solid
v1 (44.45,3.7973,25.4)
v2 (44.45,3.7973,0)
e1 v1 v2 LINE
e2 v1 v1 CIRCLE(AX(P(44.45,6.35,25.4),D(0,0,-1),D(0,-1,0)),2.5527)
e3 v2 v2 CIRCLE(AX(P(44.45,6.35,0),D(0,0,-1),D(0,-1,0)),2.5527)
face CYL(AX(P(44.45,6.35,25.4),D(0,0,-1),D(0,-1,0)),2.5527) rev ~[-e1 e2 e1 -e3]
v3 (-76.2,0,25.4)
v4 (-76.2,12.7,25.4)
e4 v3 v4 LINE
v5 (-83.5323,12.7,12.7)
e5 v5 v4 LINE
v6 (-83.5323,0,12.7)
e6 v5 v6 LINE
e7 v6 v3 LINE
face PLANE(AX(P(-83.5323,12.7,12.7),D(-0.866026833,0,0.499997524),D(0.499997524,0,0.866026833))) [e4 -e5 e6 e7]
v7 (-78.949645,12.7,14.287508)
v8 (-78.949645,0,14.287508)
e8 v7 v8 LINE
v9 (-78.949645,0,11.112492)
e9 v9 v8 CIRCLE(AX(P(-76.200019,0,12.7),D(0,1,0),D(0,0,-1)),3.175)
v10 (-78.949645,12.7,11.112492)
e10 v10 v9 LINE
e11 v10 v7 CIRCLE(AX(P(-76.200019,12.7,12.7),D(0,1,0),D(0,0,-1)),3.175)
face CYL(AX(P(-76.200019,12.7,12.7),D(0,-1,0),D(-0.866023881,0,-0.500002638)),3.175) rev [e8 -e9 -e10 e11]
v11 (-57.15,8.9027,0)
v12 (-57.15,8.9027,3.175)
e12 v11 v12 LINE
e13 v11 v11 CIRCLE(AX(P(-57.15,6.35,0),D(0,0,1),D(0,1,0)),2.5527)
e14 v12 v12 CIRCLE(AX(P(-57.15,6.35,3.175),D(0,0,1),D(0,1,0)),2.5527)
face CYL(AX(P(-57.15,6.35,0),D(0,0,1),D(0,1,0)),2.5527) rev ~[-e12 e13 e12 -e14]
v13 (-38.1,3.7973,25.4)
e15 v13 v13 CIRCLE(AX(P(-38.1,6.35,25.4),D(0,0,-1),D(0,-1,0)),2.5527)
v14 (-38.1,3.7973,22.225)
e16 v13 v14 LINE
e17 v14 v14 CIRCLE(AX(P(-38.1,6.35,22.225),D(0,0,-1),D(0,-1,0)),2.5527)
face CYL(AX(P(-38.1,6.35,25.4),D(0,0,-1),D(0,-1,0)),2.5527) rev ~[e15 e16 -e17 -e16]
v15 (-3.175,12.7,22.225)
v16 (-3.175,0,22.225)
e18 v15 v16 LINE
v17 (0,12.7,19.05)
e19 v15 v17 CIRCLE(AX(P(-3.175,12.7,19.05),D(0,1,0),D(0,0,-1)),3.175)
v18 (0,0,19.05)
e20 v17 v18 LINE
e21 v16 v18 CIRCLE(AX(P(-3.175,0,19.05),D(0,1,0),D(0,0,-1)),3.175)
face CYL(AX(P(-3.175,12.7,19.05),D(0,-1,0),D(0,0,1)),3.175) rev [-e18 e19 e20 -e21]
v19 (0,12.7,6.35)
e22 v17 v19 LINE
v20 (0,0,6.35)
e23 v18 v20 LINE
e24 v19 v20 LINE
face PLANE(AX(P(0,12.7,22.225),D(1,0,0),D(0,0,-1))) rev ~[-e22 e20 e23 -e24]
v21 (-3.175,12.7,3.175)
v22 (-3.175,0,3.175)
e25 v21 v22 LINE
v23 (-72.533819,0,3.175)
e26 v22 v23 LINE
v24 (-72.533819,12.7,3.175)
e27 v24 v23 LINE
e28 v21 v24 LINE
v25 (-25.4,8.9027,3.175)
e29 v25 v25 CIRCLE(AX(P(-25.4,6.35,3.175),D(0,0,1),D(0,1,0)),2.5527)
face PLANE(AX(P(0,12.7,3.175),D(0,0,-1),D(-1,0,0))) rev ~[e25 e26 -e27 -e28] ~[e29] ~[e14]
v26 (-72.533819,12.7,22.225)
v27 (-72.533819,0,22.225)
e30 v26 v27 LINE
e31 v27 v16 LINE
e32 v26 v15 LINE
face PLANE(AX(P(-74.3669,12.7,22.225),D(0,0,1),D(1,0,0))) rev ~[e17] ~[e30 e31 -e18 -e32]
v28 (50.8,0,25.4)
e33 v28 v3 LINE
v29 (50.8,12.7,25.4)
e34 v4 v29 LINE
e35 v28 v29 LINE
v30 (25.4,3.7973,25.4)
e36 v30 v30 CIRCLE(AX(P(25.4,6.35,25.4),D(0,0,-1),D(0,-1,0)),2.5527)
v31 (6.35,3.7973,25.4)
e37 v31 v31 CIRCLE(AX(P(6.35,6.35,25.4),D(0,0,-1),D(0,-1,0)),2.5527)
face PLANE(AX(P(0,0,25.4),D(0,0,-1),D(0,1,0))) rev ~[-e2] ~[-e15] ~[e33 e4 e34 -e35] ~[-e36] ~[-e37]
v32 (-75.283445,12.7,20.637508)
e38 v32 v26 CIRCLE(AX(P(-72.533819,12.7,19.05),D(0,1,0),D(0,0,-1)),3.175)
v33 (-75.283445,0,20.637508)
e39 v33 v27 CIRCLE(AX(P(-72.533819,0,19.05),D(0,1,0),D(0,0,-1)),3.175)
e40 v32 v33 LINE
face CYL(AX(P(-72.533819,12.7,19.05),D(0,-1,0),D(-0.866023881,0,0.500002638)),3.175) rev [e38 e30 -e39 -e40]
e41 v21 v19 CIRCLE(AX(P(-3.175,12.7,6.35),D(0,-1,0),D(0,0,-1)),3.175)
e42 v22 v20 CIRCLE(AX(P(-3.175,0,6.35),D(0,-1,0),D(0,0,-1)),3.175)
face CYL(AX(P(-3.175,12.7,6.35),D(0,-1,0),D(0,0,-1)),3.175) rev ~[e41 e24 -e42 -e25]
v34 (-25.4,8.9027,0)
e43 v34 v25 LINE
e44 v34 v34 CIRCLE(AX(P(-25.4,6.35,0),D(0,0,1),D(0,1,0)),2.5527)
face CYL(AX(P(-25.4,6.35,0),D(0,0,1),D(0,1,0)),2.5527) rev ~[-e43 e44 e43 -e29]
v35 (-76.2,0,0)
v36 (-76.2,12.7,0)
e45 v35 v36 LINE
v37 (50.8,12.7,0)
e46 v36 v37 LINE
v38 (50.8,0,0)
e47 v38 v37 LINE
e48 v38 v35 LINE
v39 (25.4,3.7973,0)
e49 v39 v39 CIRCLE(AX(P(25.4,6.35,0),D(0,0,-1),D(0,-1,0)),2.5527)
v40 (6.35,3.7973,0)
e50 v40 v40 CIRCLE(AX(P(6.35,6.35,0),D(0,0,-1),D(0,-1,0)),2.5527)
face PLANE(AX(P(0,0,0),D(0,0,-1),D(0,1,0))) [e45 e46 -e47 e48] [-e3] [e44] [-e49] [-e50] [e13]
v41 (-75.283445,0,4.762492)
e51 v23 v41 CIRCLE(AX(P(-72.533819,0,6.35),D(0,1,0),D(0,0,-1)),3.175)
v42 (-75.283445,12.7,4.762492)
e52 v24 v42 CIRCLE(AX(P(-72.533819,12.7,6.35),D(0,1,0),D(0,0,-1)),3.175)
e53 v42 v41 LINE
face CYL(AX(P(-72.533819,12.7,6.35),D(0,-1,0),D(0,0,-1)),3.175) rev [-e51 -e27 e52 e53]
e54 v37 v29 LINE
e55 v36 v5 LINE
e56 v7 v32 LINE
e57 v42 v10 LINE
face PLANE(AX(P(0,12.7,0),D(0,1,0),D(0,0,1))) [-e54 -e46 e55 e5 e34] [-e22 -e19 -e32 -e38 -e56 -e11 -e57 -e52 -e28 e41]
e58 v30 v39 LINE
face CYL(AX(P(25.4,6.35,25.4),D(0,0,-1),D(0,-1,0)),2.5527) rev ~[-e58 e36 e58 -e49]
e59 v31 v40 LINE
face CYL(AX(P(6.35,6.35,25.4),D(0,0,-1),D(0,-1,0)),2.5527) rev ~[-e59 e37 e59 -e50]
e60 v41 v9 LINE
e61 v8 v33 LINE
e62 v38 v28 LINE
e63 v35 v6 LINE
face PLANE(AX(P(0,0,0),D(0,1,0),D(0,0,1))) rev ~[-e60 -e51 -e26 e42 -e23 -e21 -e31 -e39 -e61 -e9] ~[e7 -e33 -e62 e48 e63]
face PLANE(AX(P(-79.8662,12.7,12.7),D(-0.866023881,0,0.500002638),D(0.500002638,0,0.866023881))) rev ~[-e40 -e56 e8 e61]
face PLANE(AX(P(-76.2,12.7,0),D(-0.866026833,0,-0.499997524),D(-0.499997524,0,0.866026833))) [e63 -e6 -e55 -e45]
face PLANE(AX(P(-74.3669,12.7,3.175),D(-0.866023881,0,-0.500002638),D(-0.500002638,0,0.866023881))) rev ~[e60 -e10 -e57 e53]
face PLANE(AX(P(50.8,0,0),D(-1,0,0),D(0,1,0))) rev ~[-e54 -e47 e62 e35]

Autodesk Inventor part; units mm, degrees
ref_plane "YZ Plane" through (0, 0, 0) normal (1, 0, 0) x (0, 1, 0)
ref_plane "XZ Plane" through (0, 0, 0) normal (0, 1, 0) x (-1, 0, 0)
ref_plane "XY Plane" through (0, 0, 0) normal (0, 0, 1) x (1, 0, 0)
sketch "Sketch1" plane through (0, 0, 0) normal (0, 0, 1) x (1, 0, 0)
  line L0 (0, 0) -> (50.8, 0)
  line L1 (50.8, 0) -> (50.8, 12.7)
  line L2 (50.8, 12.7) -> (0, 12.7)
  line L3 (0, 12.7) -> (0, 0)
  dimension "d0" = 50.8
  dimension "d1" = 12.7
extrude "Extrusion1" add sketch "Sketch1" along normal blind 25.4
sketch "Sketch2" plane through (0, 0, 25.4) normal (0, 0, 1) x (1, 0, 0)
  line L0 (50.8, 12.7) -> (0, 12.7) construction
  line L1 (50.8, 0) -> (50.8, 12.7) construction
  line L2 (0, 12.7) -> (50.8, 12.7) construction
  line L3 (50.8, 12.7) -> (50.8, 6.35) construction
  line L4 (50.8, 6.35) -> (0, 6.35) construction
  line L5 (0, 6.35) -> (0, 12.7) construction
  point P0 (0, 0)
  point P1 (25.4, 6.35)
  point P2 (6.35, 6.35)
  point P3 (44.45, 6.35)
  dimension "d4" = 6.35
  dimension "d5" = 19.05
  dimension "d6" = 19.05
hole "Hole1" at (25.4, 6.35, 25.4) at (6.35, 6.35, 25.4) at (44.45, 6.35, 25.4) direction (0, 0, -1) diameter 5.1054 end through all clearance for "Hex Machine Screw" size "#10" standard "Ansi Unified Screw Threads"
sketch "Sketch3" plane through (0, 0, 0) normal (-1, 0, 0) x (0, 0, 1)
  line L0 (0, 0) -> (0, 12.7) projected
  line L1 (0, 12.7) -> (25.4, 12.7) projected
  line L2 (0, 0) -> (25.4, 0)
  line L3 (25.4, 0) -> (25.4, 12.7)
  line L4 (25.4, 12.7) -> (0, 12.7)
  line L5 (0, 12.7) -> (0, 0)
extrude "Extrusion2" add sketch "Sketch3" along normal blind 76.2
sketch "Sketch4" plane through (50.8, 12.7, 25.4) normal (0, 1, 0) x (1, 0, 0)
  line L0 (-127, 25.4) -> (-127, 0) projected
  line L1 (-127, 12.7) -> (-134.3323, 12.7)
  line L2 (-134.3323, 12.7) -> (-127, 0)
  line L3 (-127, 0) -> (-127, 25.4)
  line L4 (-127, 25.4) -> (-134.3323, 12.7)
  point P0 (-50.8, 25.4)
  dimension "d16" = 7.3323
extrude "Extrusion3" add sketch "Sketch4" against normal up to surface (12.7 mm away)
sketch "Sketch5" plane through (50.8, 12.7, 25.4) normal (0, 1, 0) x (1, 0, 0)
  line L0 (-134.3323, 12.7) -> (-127, 0) projected
  line L1 (-127, 25.4) -> (-134.3323, 12.7) projected
  line L2 (0, 25.4) -> (-127, 25.4) projected
  line L3 (0, 0) -> (-127, 0) projected
  line L4 (0, 25.4) -> (0, 0) projected
  line L5 (-125.1669, 22.225) -> (-130.6662, 12.7)
  line L6 (-130.6662, 12.7) -> (-125.1669, 3.175)
  line L7 (-125.1669, 3.175) -> (-50.8, 3.175)
  line L8 (-50.8, 3.175) -> (-50.8, 22.225)
  line L9 (-50.8, 22.225) -> (-125.1669, 22.225)
  point P0 (-50.8, 25.4)
  dimension "d19" = 3.175
  dimension "d20" = 3.175
  dimension "d21" = 3.175
  dimension "d22" = 3.175
  dimension "d23" = 3.175
  dimension "d24" = 3.175
  dimension "d25" = 3.175
  dimension "d26" = 3.175
  dimension "d27" = 50.8
  dimension "d28" = 50.8
extrude "Extrusion4" cut sketch "Sketch5" against normal through all contours L9 L8 L7 L6 L5
sketch "Sketch6" plane through (0, 0, 0) normal (0, 0, 1) x (1, 0, 0)
  line L0 (-76.2, 0) -> (-76.2, 12.7) construction
  line L1 (-76.2, 6.35) -> (50.8, 6.35) construction
  line L2 (50.8, 0) -> (50.8, 12.7) construction
  point P0 (0, 0)
  point P1 (-57.15, 6.35)
  point P2 (-25.4, 6.35)
  dimension "d31" = 31.75
  dimension "d32" = 19.05
hole "Hole2" at (-57.15, 6.35, 0) at (-25.4, 6.35, 0) direction (0, 0, 1) diameter 5.1054 depth 8.89 clearance for "Flat Head Machine Screw (82)" size "#10" standard "Ansi Unified Screw Threads"
sketch "Sketch7" plane through (0, 0, 25.4) normal (0, 0, 1) x (1, 0, 0)
  line L0 (-76.2, 0) -> (-76.2, 12.7) construction
  line L1 (-76.2, 6.35) -> (50.8, 6.35) construction
  line L2 (50.8, 0) -> (50.8, 12.7) construction
  point P0 (0, 0)
  point P1 (-38.1, 6.35)
  dimension "d40" = 38.1
hole "Hole3" at (-38.1, 6.35, 25.4) direction (0, 0, -1) diameter 5.1054 depth 16.51 clearance for "Flat Head Machine Screw (82)" size "#10" standard "Ansi Unified Screw Threads"
fillet "Fillet1" radius 3.175 5 edges at (0, 6.35, 3.175) (0, 6.35, 22.225) (-74.3669, 6.35, 3.175) (-79.8662, 6.35, 12.7) (-74.3669, 6.35, 22.225)
chamfer "Chamfer1" [suppressed]
properties part number "Third Baseplate Spacer"
